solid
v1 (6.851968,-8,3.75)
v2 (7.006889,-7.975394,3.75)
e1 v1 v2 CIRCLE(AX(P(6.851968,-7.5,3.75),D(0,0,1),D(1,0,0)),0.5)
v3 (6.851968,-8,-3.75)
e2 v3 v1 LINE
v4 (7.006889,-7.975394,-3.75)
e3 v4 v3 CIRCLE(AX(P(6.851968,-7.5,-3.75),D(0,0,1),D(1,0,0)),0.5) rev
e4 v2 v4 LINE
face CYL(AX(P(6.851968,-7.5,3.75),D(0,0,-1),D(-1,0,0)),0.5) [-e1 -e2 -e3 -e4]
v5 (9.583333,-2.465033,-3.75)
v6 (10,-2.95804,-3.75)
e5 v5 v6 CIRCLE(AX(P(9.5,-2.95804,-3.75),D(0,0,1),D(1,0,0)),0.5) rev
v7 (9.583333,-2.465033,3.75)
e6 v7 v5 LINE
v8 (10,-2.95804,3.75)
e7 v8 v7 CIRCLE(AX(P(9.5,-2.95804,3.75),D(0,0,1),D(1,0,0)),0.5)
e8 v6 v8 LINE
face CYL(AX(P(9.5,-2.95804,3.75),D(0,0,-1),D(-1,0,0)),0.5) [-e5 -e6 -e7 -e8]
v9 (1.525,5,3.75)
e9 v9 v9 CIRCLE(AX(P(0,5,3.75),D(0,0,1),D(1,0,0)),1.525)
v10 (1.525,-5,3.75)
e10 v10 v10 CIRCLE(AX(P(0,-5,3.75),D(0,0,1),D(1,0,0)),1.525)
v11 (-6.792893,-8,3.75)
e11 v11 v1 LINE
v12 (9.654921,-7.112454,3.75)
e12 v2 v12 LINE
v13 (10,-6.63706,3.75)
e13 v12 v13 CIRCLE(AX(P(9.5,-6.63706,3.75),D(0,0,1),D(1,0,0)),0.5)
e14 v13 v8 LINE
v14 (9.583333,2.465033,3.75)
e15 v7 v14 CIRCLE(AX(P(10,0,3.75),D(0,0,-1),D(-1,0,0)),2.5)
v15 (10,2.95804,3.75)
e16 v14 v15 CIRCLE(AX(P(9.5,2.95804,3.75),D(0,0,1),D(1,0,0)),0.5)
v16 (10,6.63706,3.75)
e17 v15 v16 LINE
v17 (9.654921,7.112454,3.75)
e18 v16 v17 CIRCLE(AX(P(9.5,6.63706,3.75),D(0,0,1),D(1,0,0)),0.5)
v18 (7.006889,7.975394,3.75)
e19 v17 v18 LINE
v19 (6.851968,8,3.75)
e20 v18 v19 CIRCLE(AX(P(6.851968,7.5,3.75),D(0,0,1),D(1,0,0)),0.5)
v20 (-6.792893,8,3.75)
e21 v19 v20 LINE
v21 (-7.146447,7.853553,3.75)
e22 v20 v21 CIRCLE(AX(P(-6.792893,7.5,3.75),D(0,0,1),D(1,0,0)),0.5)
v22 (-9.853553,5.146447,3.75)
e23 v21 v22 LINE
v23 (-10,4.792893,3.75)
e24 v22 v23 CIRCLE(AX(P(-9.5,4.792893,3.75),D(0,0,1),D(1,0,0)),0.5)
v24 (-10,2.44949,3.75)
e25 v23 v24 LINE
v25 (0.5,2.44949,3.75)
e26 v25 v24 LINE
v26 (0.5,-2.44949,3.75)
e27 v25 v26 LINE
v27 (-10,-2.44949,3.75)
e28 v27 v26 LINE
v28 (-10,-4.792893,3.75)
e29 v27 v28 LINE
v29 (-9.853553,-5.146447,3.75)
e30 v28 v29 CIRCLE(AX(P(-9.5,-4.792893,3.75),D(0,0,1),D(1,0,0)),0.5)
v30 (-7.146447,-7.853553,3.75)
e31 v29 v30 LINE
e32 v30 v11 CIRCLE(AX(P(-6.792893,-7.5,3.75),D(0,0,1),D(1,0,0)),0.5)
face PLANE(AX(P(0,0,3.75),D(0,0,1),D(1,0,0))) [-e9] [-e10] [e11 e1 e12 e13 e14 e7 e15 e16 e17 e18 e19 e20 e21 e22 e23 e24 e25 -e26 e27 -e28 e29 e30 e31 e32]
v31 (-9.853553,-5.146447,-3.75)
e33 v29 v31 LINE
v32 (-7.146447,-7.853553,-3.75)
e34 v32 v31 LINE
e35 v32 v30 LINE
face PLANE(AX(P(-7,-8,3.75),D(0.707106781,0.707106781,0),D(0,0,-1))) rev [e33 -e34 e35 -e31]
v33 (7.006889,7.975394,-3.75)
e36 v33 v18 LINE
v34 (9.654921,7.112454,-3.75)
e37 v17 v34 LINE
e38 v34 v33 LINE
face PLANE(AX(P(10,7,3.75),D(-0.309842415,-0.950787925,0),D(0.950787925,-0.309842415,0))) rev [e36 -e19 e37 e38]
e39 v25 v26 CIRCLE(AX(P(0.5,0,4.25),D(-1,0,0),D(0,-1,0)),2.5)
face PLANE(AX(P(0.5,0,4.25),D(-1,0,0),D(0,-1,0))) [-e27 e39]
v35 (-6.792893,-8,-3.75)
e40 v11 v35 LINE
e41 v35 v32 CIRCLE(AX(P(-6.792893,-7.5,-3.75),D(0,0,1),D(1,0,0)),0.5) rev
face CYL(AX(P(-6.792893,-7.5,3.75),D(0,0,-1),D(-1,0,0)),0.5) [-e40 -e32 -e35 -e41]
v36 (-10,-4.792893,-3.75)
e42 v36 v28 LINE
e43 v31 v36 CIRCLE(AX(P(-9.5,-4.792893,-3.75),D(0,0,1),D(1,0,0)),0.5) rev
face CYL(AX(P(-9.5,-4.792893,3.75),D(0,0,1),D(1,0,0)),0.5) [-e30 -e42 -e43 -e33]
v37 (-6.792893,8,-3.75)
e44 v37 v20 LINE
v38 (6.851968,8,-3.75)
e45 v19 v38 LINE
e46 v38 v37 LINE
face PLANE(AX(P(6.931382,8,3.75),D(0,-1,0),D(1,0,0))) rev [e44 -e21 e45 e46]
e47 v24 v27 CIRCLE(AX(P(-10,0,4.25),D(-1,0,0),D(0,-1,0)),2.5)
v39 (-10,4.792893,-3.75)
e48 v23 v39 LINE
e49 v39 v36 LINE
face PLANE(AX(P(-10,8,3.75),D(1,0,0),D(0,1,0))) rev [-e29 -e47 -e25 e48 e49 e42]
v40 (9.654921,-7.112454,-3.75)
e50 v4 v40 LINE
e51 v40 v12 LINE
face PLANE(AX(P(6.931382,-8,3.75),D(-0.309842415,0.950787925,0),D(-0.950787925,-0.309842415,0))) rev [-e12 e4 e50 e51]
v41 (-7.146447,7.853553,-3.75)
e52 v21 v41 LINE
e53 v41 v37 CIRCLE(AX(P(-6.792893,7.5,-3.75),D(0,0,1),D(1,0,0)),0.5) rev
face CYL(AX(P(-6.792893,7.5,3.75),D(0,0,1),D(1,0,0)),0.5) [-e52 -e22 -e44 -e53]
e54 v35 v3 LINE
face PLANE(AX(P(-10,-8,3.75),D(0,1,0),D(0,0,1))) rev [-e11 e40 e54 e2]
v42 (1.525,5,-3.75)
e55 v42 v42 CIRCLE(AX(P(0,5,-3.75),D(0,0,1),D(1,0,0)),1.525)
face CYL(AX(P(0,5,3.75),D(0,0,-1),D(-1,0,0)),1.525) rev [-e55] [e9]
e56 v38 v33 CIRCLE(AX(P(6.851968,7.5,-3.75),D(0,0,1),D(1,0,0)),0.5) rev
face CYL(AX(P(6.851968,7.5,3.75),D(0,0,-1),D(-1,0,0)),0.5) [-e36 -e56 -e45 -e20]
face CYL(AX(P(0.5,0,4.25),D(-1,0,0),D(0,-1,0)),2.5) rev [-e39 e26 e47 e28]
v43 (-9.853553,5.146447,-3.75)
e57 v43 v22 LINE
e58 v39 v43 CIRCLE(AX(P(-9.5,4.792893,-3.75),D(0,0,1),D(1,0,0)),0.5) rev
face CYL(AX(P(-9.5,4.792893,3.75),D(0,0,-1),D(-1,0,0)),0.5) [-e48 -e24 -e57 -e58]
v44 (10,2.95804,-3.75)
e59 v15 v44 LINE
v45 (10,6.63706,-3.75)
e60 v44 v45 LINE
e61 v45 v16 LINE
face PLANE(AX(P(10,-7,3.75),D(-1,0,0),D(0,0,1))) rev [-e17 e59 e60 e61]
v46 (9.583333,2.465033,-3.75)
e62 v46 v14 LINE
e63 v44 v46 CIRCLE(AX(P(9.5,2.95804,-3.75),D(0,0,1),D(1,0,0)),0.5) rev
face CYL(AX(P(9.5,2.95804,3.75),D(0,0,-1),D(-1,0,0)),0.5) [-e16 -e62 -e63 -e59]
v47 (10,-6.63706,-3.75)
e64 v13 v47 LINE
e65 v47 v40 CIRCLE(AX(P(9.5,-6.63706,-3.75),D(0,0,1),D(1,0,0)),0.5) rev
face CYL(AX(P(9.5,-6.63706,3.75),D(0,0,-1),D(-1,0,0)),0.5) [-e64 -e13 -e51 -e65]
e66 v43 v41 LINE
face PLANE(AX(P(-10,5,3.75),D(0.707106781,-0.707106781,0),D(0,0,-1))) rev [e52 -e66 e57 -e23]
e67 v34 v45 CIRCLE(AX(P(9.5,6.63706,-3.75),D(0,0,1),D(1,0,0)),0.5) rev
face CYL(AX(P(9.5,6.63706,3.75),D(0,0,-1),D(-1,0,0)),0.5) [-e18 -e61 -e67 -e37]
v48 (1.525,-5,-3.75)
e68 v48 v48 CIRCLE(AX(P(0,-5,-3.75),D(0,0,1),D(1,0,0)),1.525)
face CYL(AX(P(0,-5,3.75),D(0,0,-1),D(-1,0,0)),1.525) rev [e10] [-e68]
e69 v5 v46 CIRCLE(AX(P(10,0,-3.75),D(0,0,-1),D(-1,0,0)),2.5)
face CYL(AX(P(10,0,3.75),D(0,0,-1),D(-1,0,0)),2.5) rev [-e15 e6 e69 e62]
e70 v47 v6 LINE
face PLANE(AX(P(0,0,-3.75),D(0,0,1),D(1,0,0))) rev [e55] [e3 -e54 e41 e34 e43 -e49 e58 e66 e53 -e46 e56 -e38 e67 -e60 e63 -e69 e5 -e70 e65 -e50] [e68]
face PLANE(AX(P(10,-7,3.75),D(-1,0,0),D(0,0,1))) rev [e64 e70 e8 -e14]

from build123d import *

# Parameters (mm, degrees)
SKETCH_1_R          = 1.525
EXTRUDE_1_DEPTH     = 3.75
SKETCH_2_R          = 2.5
CUT_EXTRUDE_1_DEPTH = 10.5
CHAMFER_1_SIZE      = 3
SKETCH_3_R          = 2.5
CUT_EXTRUDE_2_DEPTH = 15.84082208
FILLET_1_R          = 0.5


with BuildPart() as part:
    # 草图1 → 凸台-拉伸1 (new, symmetric)
    with BuildSketch(Plane.XY):
        Polygon((-10, 8), (-10, -8), (6.931382282, -8), (10, -7), (10, 7), (6.931382282, 8), align=None)
        with Locations((0, 5)):
            Circle(SKETCH_1_R, mode=Mode.SUBTRACT)
        with Locations((0, -5)):
            Circle(SKETCH_1_R, mode=Mode.SUBTRACT)
    extrude(amount=EXTRUDE_1_DEPTH, both=True)

    # 草图2 → 切除-拉伸1 (cut)
    with BuildSketch(Plane.ZY.offset(10)):
        with Locations((4.25, 0)):
            Circle(SKETCH_2_R)
    extrude(amount=-CUT_EXTRUDE_1_DEPTH, mode=Mode.SUBTRACT)

    # 倒角1
    chamfer_1_edges = [part.edges().sort_by_distance(p)[0] for p in [
        (-10, -8, 0),
        (-10, 8, 0),
    ]]
    chamfer(chamfer_1_edges, length=CHAMFER_1_SIZE)

    # 草图3 → 切除-拉伸2 (cut, through all)
    with BuildSketch(Plane(origin=(0, 0, -3.75), x_dir=(-1, 0, 0), z_dir=(0, 0, -1))):
        with Locations((-10, 0)):
            Circle(SKETCH_3_R)
    extrude(amount=-CUT_EXTRUDE_2_DEPTH, mode=Mode.SUBTRACT)

    # 圆角1
    fillet_1_edges = [part.edges().sort_by_distance(p)[0] for p in [
        (6.931382282, 8, 0),
        (10, 7, 0),
        (10, -7, 0),
        (6.931382282, -8, 0),
        (-7, -8, 0),
        (-10, 5, 0),
        (-10, -5, 0),
        (-7, 8, 0),
        (10, -2.5, 0),
        (10, 2.5, 0),
    ]]
    fillet(fillet_1_edges, radius=FILLET_1_R)


solid = part.part
